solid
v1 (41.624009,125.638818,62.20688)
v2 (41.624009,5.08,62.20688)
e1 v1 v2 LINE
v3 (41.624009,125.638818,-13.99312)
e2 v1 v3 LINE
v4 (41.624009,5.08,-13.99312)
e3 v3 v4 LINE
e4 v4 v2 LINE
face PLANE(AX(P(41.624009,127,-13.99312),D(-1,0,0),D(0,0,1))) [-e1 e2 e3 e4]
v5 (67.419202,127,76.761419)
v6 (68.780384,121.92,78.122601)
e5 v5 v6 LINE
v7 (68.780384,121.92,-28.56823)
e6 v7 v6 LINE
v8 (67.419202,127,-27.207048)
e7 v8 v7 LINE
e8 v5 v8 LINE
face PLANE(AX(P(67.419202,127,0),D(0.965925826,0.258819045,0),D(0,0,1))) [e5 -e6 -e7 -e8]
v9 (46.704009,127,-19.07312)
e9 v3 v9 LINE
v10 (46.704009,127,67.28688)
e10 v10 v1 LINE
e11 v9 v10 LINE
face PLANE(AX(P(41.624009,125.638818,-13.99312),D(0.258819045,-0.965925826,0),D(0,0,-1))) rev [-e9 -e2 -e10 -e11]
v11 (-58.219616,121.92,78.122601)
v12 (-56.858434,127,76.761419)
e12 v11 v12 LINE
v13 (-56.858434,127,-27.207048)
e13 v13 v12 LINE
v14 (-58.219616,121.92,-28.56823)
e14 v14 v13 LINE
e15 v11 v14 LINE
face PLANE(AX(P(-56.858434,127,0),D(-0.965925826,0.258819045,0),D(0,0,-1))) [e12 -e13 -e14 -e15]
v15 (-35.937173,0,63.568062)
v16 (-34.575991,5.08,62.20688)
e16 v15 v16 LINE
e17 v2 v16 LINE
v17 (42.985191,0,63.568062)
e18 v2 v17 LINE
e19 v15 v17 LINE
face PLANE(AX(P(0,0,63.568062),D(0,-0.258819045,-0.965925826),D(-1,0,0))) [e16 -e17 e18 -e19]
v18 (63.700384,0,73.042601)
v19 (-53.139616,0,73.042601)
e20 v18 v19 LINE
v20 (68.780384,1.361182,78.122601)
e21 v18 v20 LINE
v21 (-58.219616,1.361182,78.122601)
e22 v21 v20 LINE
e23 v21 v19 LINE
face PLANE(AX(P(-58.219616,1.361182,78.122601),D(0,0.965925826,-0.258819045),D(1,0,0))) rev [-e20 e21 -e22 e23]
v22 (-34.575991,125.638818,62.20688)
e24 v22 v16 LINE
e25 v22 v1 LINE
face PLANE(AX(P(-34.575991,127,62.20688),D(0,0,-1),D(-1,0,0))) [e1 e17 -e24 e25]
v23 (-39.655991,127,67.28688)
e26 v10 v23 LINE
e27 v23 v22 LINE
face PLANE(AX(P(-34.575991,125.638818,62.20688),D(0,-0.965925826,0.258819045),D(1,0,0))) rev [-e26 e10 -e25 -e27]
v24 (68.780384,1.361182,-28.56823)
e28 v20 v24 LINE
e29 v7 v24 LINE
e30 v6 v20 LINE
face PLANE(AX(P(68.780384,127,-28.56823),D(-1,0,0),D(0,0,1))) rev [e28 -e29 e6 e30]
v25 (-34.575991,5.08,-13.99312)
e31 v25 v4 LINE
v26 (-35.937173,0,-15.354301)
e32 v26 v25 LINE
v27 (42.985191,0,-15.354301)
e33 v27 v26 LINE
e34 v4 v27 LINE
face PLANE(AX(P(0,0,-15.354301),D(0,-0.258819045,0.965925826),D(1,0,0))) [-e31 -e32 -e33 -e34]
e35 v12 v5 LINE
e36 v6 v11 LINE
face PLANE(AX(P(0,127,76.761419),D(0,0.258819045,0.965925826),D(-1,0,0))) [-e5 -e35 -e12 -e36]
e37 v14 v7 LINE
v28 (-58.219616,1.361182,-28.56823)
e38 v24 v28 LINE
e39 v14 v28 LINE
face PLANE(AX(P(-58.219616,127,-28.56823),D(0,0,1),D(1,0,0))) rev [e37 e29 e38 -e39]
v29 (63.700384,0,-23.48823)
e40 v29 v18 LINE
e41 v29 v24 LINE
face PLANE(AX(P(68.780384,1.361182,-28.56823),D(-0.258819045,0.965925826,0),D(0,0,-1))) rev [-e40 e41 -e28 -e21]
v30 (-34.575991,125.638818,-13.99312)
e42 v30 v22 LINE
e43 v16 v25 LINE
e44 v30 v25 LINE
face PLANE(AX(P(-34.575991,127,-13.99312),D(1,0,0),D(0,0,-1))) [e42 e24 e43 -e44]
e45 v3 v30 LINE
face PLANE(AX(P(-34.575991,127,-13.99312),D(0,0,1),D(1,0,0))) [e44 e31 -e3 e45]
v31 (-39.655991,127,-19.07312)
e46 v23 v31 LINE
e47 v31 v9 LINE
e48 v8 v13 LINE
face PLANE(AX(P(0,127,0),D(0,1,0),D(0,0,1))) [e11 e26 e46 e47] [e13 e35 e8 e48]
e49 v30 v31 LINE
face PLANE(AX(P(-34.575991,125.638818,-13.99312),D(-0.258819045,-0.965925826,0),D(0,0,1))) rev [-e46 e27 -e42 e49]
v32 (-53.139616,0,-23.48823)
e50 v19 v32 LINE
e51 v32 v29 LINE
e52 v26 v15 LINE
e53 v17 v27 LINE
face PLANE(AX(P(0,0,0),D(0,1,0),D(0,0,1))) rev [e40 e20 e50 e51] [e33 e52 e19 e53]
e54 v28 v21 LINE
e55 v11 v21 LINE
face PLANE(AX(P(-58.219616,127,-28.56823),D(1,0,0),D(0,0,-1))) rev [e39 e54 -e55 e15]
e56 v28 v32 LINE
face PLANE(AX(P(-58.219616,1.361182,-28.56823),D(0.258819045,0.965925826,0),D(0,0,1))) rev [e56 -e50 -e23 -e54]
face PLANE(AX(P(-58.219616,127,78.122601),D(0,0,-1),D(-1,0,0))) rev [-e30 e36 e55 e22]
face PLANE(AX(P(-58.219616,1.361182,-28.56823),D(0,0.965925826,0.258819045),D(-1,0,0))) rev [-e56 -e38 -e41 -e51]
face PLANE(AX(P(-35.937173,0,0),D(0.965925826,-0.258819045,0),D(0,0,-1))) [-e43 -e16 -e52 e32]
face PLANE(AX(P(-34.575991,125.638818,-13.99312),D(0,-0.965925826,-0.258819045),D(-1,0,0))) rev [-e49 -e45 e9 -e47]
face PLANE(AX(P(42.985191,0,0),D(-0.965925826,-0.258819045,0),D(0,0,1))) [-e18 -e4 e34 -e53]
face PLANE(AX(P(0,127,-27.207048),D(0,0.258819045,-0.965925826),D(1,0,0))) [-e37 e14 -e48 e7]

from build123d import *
from OCP.BRepFilletAPI import BRepFilletAPI_MakeChamfer

# Parameters (mm, degrees)
SKETCH1_W           = 127
SKETCH1_H           = 106.690831556
BOSS_EXTRUDE1_DEPTH = 127
SKETCH3_W           = 76.2
SKETCH3_H           = 76.2
CUT_EXTRUDE1_DEPTH  = 165.203782008
CHAMFER1_SIZE       = 5.08
CHAMFER1_SIZE2      = 1.361181898


with BuildPart() as part:
    # Sketch1 → Boss-Extrude1 (new body)
    with BuildSketch(Plane(origin=(0, 0, 0), x_dir=(1, 0, 0), z_dir=(0, 1, 0))):
        with Locations((5.280383795, -24.777185501)):
            Rectangle(SKETCH1_W, SKETCH1_H)
    extrude(amount=BOSS_EXTRUDE1_DEPTH)

    # Sketch3 → Cut-Extrude1 (cut, through all)
    with BuildSketch(Plane(origin=(0, 0, 0), x_dir=(1, 0, 0), z_dir=(0, 1, 0))):
        with Locations((3.524009173, -24.106880488)):
            Rectangle(SKETCH3_W, SKETCH3_H)
    extrude(amount=CUT_EXTRUDE1_DEPTH, mode=Mode.SUBTRACT)

    # Chamfer1: one chamfer whose edges measure the first distance from different faces: ONE call of the kernel's chamfer builder (chamfer() names one face for all edges)
    chamfer1_edges_1 = [part.edges().sort_by_distance(p)[0] for p in [
        (68.780383795, 127, 24.777185501),
    ]]
    chamfer1_side_1 = [part.faces().sort_by_distance(p)[0] for p in [
        (68.780383795, 63.5, 24.777185501),
    ]]
    chamfer1_edges_2 = [part.edges().sort_by_distance(p)[0] for p in [
        (5.280383795, 127, -28.568230277),
    ]]
    chamfer1_side_2 = [part.faces().sort_by_distance(p)[0] for p in [
        (5.280383795, 63.5, -28.568230277),
    ]]
    chamfer1_edges_3 = [part.edges().sort_by_distance(p)[0] for p in [
        (41.624009173, 0, 24.106880488),
    ]]
    chamfer1_side_3 = [part.faces().sort_by_distance(p)[0] for p in [
        (41.624009173, 63.5, 24.106880488),
    ]]
    chamfer1_edges_4 = [part.edges().sort_by_distance(p)[0] for p in [
        (3.524009173, 0, -13.993119512),
    ]]
    chamfer1_side_4 = [part.faces().sort_by_distance(p)[0] for p in [
        (3.524009173, 63.5, -13.993119512),
    ]]
    chamfer1_edges_5 = [part.edges().sort_by_distance(p)[0] for p in [
        (-34.575990827, 0, 24.106880488),
    ]]
    chamfer1_side_5 = [part.faces().sort_by_distance(p)[0] for p in [
        (-34.575990827, 63.5, 24.106880488),
    ]]
    chamfer1_edges_6 = [part.edges().sort_by_distance(p)[0] for p in [
        (3.524009173, 0, 62.206880488),
    ]]
    chamfer1_side_6 = [part.faces().sort_by_distance(p)[0] for p in [
        (3.524009173, 63.5, 62.206880488),
    ]]
    chamfer1_edges_7 = [part.edges().sort_by_distance(p)[0] for p in [
        (41.624009173, 127, 24.106880488),
        (3.524009173, 127, -13.993119512),
        (-34.575990827, 127, 24.106880488),
        (3.524009173, 127, 62.206880488),
    ]]
    chamfer1_side_7 = [part.faces().sort_by_distance(p)[0] for p in [
        (5.280383795, 127, -26.909558111),
    ]]
    chamfer1_edges_8 = [part.edges().sort_by_distance(p)[0] for p in [
        (-58.219616205, 127, 24.777185501),
    ]]
    chamfer1_side_8 = [part.faces().sort_by_distance(p)[0] for p in [
        (-58.219616205, 63.5, 24.777185501),
    ]]
    chamfer1_edges_9 = [part.edges().sort_by_distance(p)[0] for p in [
        (5.280383795, 0, -28.568230277),
        (68.780383795, 0, 24.777185501),
        (5.280383795, 0, 78.122601279),
        (-58.219616205, 0, 24.777185501),
    ]]
    chamfer1_side_9 = [part.faces().sort_by_distance(p)[0] for p in [
        (5.280383795, 0, -26.909558111),
    ]]
    chamfer1_edges_10 = [part.edges().sort_by_distance(p)[0] for p in [
        (5.280383795, 127, 78.122601279),
    ]]
    chamfer1_side_10 = [part.faces().sort_by_distance(p)[0] for p in [
        (5.280383795, 63.5, 78.122601279),
    ]]
    chamfer1 = BRepFilletAPI_MakeChamfer(part.part.solid().wrapped)
    for e in chamfer1_edges_1:
        chamfer1.Add(CHAMFER1_SIZE, CHAMFER1_SIZE2, e.wrapped, chamfer1_side_1[0].wrapped)  # the first distance lies on this face
    for e in chamfer1_edges_2:
        chamfer1.Add(CHAMFER1_SIZE, CHAMFER1_SIZE2, e.wrapped, chamfer1_side_2[0].wrapped)  # the first distance lies on this face
    for e in chamfer1_edges_3:
        chamfer1.Add(CHAMFER1_SIZE, CHAMFER1_SIZE2, e.wrapped, chamfer1_side_3[0].wrapped)  # the first distance lies on this face
    for e in chamfer1_edges_4:
        chamfer1.Add(CHAMFER1_SIZE, CHAMFER1_SIZE2, e.wrapped, chamfer1_side_4[0].wrapped)  # the first distance lies on this face
    for e in chamfer1_edges_5:
        chamfer1.Add(CHAMFER1_SIZE, CHAMFER1_SIZE2, e.wrapped, chamfer1_side_5[0].wrapped)  # the first distance lies on this face
    for e in chamfer1_edges_6:
        chamfer1.Add(CHAMFER1_SIZE, CHAMFER1_SIZE2, e.wrapped, chamfer1_side_6[0].wrapped)  # the first distance lies on this face
    for e in chamfer1_edges_7:
        chamfer1.Add(CHAMFER1_SIZE, CHAMFER1_SIZE2, e.wrapped, chamfer1_side_7[0].wrapped)  # the first distance lies on this face
    for e in chamfer1_edges_8:
        chamfer1.Add(CHAMFER1_SIZE, CHAMFER1_SIZE2, e.wrapped, chamfer1_side_8[0].wrapped)  # the first distance lies on this face
    for e in chamfer1_edges_9:
        chamfer1.Add(CHAMFER1_SIZE, CHAMFER1_SIZE2, e.wrapped, chamfer1_side_9[0].wrapped)  # the first distance lies on this face
    for e in chamfer1_edges_10:
        chamfer1.Add(CHAMFER1_SIZE, CHAMFER1_SIZE2, e.wrapped, chamfer1_side_10[0].wrapped)  # the first distance lies on this face
    add(Compound.cast(chamfer1.Shape()), mode=Mode.REPLACE)


solid = part.part
